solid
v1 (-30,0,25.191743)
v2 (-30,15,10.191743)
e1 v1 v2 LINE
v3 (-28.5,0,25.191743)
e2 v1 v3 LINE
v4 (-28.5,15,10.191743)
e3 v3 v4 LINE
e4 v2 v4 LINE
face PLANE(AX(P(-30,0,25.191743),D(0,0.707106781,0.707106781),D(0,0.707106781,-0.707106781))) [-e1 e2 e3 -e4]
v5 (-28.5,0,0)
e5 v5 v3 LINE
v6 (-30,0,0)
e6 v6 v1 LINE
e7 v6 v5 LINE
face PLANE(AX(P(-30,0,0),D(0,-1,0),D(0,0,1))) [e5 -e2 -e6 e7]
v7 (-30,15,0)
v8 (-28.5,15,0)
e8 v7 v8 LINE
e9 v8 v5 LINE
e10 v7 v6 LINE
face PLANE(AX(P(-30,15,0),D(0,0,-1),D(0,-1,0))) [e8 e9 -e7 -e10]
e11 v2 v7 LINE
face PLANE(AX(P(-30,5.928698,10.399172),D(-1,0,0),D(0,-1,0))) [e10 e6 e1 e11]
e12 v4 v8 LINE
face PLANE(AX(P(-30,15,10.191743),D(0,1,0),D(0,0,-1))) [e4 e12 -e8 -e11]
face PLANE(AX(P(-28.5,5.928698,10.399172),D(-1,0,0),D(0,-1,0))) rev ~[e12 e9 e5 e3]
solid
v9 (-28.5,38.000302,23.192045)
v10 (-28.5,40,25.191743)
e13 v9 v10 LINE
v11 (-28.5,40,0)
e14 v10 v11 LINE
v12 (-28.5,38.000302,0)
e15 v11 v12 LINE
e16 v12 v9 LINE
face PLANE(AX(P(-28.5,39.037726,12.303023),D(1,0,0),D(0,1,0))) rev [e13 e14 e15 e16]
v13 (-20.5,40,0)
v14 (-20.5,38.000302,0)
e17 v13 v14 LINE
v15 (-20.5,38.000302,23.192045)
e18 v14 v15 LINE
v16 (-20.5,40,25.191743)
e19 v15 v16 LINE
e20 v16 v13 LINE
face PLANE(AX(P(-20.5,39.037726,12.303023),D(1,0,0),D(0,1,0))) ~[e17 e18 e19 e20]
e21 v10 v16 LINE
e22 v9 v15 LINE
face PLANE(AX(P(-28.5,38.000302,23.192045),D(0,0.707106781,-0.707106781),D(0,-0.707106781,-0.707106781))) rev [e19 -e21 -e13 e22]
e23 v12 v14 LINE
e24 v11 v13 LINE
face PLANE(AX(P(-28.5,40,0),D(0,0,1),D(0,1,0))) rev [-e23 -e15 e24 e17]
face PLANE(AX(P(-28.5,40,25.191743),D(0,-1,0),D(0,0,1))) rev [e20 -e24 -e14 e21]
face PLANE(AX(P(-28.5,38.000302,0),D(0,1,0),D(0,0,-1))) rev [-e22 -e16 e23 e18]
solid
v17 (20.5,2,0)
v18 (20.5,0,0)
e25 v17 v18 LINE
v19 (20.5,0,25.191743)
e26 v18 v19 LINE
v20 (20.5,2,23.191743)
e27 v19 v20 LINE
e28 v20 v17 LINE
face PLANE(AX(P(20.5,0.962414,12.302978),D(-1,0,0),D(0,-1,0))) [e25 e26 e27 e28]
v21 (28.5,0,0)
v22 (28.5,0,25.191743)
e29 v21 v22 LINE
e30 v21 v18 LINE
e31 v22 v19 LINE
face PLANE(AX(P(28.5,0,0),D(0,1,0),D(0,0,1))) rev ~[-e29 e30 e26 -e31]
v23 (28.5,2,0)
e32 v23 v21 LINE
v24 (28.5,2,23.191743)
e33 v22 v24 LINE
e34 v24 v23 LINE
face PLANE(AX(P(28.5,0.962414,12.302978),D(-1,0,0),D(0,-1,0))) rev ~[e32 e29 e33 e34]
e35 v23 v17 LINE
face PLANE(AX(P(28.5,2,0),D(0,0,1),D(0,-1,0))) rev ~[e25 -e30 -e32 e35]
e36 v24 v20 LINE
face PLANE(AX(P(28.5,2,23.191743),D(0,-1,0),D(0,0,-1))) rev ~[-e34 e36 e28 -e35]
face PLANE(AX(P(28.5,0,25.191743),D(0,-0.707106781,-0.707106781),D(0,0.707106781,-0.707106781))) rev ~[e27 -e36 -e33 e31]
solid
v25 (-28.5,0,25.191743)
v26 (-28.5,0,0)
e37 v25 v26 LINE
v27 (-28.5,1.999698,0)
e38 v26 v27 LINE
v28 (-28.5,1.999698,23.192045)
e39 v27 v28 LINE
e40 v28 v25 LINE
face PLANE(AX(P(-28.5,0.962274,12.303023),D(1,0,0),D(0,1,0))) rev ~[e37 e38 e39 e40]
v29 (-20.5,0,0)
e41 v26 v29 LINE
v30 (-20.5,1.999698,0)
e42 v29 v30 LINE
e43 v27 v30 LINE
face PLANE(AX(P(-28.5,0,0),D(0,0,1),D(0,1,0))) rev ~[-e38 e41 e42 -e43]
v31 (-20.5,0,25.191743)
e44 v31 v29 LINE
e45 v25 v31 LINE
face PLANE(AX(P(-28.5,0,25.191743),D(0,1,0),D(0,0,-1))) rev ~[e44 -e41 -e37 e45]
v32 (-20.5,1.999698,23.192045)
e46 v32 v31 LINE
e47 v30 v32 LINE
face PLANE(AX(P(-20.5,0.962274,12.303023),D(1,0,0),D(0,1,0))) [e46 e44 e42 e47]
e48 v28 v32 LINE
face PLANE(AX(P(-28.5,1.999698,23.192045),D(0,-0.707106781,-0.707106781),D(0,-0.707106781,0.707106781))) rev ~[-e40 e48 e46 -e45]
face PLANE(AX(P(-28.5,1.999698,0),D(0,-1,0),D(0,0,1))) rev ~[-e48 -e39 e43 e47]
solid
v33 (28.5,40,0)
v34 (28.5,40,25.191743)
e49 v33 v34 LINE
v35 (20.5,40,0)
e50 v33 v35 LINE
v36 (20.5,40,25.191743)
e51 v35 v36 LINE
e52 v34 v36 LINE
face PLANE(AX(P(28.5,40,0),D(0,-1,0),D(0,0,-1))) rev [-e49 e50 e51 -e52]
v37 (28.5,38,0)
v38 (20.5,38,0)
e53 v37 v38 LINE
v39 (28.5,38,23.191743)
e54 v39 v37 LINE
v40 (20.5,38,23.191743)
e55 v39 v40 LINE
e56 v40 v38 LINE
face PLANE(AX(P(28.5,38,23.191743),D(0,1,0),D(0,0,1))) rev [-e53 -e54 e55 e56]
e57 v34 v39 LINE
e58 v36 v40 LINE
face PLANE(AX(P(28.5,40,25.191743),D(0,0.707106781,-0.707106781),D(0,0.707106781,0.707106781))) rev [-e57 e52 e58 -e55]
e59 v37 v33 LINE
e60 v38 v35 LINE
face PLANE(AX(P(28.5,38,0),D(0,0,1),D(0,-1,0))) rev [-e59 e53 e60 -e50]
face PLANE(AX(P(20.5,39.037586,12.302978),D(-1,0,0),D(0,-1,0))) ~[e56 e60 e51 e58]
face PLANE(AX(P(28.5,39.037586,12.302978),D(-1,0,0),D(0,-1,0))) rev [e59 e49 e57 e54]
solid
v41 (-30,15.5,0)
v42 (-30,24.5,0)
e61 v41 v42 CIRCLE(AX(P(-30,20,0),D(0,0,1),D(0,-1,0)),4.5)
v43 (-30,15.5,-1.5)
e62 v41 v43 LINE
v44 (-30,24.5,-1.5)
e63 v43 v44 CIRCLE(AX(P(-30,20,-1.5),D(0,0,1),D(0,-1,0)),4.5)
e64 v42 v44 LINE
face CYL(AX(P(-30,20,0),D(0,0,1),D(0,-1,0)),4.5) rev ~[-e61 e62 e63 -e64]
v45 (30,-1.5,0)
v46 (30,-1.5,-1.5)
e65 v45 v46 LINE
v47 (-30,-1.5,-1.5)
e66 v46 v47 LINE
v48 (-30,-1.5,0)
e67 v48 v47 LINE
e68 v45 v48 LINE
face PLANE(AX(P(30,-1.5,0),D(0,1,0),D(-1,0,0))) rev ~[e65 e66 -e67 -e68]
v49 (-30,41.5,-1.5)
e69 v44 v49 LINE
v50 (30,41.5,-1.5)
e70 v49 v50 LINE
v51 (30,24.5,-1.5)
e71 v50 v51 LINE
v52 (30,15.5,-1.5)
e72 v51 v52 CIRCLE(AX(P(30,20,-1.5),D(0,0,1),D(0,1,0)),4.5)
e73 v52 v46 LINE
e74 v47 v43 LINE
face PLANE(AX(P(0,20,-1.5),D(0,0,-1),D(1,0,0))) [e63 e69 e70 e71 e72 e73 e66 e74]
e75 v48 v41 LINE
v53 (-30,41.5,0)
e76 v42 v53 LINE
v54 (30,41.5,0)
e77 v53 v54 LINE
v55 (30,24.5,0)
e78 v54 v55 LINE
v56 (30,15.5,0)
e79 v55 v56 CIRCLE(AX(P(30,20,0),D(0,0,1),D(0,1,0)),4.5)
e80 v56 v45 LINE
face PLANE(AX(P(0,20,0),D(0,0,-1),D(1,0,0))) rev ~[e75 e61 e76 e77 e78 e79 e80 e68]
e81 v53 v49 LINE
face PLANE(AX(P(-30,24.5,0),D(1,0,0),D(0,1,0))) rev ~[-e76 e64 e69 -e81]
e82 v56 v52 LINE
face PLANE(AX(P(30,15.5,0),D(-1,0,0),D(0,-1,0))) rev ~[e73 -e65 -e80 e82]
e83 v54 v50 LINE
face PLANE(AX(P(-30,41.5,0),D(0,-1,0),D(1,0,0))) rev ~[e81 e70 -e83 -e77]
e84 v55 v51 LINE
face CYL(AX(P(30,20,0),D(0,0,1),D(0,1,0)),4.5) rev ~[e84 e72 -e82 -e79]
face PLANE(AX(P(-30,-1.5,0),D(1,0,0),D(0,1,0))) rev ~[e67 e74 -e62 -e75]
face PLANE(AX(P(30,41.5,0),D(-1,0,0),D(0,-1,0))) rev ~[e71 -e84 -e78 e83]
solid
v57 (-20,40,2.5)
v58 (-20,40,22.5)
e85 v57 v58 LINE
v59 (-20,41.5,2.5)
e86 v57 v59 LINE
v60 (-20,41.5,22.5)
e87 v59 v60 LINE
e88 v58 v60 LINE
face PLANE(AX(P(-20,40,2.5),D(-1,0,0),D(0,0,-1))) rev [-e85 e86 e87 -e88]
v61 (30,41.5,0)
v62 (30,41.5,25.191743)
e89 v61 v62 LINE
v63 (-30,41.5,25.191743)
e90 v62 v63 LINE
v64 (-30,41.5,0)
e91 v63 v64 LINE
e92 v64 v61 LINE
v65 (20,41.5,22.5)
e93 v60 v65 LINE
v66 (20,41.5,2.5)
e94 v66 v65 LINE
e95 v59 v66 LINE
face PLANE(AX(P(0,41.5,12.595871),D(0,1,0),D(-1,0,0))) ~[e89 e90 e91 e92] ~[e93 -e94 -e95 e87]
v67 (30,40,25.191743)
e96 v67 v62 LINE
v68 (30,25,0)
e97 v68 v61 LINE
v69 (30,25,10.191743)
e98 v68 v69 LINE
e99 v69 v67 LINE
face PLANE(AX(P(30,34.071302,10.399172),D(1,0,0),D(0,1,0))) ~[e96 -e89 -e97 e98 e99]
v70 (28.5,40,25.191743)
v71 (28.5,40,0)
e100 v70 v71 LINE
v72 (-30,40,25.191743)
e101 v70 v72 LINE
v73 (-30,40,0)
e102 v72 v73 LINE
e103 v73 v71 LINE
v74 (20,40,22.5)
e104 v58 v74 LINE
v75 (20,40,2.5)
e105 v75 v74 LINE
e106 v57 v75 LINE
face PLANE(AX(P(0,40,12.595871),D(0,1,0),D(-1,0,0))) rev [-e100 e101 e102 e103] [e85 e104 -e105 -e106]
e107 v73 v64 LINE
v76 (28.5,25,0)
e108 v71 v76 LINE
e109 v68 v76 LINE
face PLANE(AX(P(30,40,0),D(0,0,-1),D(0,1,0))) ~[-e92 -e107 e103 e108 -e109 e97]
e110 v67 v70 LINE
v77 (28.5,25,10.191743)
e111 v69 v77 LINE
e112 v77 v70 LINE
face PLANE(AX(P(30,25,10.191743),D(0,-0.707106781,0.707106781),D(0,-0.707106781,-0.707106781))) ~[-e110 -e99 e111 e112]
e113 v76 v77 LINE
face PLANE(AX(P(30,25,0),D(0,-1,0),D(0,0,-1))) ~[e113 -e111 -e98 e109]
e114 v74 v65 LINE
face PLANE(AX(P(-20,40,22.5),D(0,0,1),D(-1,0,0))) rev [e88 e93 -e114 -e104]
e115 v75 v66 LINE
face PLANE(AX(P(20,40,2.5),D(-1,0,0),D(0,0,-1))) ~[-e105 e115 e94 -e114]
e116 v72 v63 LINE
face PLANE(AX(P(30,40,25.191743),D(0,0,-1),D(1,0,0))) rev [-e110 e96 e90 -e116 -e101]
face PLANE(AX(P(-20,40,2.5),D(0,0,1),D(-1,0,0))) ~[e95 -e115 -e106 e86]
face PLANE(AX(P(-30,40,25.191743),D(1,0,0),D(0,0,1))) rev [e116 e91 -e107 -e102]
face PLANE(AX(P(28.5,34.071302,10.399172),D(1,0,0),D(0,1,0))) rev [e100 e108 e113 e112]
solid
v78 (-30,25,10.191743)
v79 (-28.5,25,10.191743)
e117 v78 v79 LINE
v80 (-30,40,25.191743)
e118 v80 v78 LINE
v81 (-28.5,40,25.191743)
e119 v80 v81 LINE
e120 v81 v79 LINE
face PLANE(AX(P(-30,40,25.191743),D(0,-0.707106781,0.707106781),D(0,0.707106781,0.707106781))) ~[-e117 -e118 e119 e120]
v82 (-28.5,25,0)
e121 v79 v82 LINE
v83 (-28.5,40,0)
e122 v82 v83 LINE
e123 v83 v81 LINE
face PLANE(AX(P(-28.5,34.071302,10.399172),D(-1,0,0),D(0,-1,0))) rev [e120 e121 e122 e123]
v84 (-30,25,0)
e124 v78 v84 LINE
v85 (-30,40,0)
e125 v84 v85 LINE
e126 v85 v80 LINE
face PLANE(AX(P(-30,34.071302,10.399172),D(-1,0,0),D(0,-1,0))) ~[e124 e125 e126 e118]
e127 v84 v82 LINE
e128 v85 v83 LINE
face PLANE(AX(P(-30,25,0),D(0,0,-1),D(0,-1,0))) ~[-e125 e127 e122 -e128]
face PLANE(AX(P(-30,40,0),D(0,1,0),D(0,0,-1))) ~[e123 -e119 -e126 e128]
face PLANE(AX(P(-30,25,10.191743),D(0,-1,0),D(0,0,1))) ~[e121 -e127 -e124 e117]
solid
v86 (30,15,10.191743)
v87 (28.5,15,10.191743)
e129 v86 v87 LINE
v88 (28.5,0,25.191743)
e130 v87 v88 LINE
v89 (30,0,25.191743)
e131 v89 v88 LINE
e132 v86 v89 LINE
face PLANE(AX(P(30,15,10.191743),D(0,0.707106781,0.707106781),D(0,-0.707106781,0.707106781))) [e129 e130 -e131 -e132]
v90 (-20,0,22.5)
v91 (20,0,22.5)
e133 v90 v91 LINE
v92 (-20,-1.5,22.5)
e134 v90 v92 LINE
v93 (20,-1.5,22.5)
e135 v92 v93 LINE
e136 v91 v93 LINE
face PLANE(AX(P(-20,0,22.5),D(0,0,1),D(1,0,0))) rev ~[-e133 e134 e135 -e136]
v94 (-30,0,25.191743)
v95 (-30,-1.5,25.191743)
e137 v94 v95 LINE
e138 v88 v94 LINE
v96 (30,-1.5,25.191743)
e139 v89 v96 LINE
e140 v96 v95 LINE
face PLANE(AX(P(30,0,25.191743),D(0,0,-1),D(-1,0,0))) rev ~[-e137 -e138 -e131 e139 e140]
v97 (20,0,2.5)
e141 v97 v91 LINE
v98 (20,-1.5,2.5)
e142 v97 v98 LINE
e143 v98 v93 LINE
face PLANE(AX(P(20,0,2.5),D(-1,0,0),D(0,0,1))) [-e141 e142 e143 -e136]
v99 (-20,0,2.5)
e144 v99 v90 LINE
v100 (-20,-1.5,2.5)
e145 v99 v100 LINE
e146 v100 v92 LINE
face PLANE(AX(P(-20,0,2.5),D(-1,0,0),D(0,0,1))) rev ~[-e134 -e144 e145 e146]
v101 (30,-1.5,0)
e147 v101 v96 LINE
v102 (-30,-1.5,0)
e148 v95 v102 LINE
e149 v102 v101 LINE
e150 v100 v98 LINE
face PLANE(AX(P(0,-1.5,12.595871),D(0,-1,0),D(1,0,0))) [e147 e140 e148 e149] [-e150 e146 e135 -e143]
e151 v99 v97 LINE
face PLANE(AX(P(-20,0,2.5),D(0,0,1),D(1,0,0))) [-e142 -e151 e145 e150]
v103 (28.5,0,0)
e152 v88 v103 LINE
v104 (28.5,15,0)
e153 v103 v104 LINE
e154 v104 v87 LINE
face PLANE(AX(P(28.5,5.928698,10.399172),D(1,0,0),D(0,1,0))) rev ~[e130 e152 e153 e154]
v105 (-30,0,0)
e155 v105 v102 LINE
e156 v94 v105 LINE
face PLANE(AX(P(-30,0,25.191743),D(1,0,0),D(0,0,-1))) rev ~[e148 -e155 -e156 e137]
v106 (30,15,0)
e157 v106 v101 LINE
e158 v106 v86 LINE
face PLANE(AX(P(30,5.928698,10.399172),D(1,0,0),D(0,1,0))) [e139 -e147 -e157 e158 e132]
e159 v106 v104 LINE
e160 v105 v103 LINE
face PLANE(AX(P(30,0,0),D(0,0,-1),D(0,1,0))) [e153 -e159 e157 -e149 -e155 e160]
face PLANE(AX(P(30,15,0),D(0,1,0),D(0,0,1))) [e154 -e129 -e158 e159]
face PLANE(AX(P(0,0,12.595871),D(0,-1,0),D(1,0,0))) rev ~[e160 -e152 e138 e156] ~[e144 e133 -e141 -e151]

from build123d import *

# Parameters (mm, degrees)
F0_W      = 40
F0_H      = 20
F1_DEPTH  = 1.5
F3_DEPTH  = 1.5
F5_DEPTH  = 1.5
F8_DEPTH  = 8
F10_DEPTH = 8
F13_DEPTH = 1.5


with BuildPart() as f1:
    # F0 (on Front) → F1 (new body)
    with BuildSketch(Plane.XZ):
        Polygon((-30, 0), (-25, 0), (-2.5, 0), (2.5, 0), (25, 0), (30, 0), (30, 15.191743), (30, 25.191743), (28.243897, 25.191743), (-28.487795, 25.191743), (-30, 25.191743), (-30, 15.191743), align=None)
        with Locations((0, 12.5)):
            Rectangle(F0_W, F0_H, mode=Mode.SUBTRACT)
    extrude(amount=F1_DEPTH)

    # F4 (on face) → F5 (join)
    with BuildSketch(Plane.YZ.offset(30)):
        Polygon((0, 25.191743), (0, 0), (15, 0), (15, 10.191743), align=None)
    extrude(amount=-F5_DEPTH)


with BuildPart() as f3:
    # F2 (on face) → F3 (new body)
    with BuildSketch(Plane(origin=(-30, 0, 0), x_dir=(0, -1, 0), z_dir=(-1, 0, 0))):
        Polygon((-15, 0), (0, 0), (0, 25.191743), (-15, 10.191743), align=None)
    extrude(amount=-F3_DEPTH)


with BuildPart() as f8:
    # F7 (on face) → F8 (new body)
    with BuildSketch(Plane.YZ.offset(-28.5)):
        Polygon((0, 25.191743), (0, 0), (1.999698, 0), (1.999698, 23.192045), align=None)
    extrude(amount=F8_DEPTH)


with BuildPart() as f10:
    # F9 (on face) → F10 (new body)
    with BuildSketch(Plane(origin=(28.5, 0, 0), x_dir=(0, -1, 0), z_dir=(-1, 0, 0))):
        Polygon((-2, 0), (0, 0), (0, 25.191743), (-2, 23.191743), align=None)
    extrude(amount=F10_DEPTH)


with BuildPart() as f11_1:
    # F11: instance of F1
    add(f1.part.mirror(Plane(origin=(-29.25, 20, 5.095871), x_dir=(-1, 0, 0), z_dir=(0, 1, 0))))


with BuildPart() as f11_2:
    # F11: instance of F8
    add(f8.part.mirror(Plane(origin=(-29.25, 20, 5.095871), x_dir=(-1, 0, 0), z_dir=(0, 1, 0))))


with BuildPart() as f11_3:
    # F11: instance of F3
    add(f3.part.mirror(Plane(origin=(-29.25, 20, 5.095871), x_dir=(-1, 0, 0), z_dir=(0, 1, 0))))


with BuildPart() as f11_4:
    # F11: instance of F10
    add(f10.part.mirror(Plane(origin=(-29.25, 20, 5.095871), x_dir=(-1, 0, 0), z_dir=(0, 1, 0))))


with BuildPart() as f13:
    # F12 (on face) → F13 (new body)
    with BuildSketch(Plane(origin=(0, 0, 0), x_dir=(1, 0, 0), z_dir=(0, 0, -1))):
        with BuildLine():
            Line((30, 1.5), (-30, 1.5))
            Line((-30, 1.5), (-30, -15.5))
            ThreePointArc((-30, -15.5), (-25.5, -20), (-30, -24.5))
            Line((-30, -24.5), (-30, -41.5))
            Line((-30, -41.5), (30, -41.5))
            Line((30, -41.5), (30, -24.5))
            ThreePointArc((30, -24.5), (25.5, -20), (30, -15.5))
            Line((30, -15.5), (30, 1.5))
        make_face()
    extrude(amount=F13_DEPTH)


solid = Compound([f1.part, f3.part, f8.part, f10.part, f11_1.part, f11_2.part, f11_3.part, f11_4.part, f13.part])
